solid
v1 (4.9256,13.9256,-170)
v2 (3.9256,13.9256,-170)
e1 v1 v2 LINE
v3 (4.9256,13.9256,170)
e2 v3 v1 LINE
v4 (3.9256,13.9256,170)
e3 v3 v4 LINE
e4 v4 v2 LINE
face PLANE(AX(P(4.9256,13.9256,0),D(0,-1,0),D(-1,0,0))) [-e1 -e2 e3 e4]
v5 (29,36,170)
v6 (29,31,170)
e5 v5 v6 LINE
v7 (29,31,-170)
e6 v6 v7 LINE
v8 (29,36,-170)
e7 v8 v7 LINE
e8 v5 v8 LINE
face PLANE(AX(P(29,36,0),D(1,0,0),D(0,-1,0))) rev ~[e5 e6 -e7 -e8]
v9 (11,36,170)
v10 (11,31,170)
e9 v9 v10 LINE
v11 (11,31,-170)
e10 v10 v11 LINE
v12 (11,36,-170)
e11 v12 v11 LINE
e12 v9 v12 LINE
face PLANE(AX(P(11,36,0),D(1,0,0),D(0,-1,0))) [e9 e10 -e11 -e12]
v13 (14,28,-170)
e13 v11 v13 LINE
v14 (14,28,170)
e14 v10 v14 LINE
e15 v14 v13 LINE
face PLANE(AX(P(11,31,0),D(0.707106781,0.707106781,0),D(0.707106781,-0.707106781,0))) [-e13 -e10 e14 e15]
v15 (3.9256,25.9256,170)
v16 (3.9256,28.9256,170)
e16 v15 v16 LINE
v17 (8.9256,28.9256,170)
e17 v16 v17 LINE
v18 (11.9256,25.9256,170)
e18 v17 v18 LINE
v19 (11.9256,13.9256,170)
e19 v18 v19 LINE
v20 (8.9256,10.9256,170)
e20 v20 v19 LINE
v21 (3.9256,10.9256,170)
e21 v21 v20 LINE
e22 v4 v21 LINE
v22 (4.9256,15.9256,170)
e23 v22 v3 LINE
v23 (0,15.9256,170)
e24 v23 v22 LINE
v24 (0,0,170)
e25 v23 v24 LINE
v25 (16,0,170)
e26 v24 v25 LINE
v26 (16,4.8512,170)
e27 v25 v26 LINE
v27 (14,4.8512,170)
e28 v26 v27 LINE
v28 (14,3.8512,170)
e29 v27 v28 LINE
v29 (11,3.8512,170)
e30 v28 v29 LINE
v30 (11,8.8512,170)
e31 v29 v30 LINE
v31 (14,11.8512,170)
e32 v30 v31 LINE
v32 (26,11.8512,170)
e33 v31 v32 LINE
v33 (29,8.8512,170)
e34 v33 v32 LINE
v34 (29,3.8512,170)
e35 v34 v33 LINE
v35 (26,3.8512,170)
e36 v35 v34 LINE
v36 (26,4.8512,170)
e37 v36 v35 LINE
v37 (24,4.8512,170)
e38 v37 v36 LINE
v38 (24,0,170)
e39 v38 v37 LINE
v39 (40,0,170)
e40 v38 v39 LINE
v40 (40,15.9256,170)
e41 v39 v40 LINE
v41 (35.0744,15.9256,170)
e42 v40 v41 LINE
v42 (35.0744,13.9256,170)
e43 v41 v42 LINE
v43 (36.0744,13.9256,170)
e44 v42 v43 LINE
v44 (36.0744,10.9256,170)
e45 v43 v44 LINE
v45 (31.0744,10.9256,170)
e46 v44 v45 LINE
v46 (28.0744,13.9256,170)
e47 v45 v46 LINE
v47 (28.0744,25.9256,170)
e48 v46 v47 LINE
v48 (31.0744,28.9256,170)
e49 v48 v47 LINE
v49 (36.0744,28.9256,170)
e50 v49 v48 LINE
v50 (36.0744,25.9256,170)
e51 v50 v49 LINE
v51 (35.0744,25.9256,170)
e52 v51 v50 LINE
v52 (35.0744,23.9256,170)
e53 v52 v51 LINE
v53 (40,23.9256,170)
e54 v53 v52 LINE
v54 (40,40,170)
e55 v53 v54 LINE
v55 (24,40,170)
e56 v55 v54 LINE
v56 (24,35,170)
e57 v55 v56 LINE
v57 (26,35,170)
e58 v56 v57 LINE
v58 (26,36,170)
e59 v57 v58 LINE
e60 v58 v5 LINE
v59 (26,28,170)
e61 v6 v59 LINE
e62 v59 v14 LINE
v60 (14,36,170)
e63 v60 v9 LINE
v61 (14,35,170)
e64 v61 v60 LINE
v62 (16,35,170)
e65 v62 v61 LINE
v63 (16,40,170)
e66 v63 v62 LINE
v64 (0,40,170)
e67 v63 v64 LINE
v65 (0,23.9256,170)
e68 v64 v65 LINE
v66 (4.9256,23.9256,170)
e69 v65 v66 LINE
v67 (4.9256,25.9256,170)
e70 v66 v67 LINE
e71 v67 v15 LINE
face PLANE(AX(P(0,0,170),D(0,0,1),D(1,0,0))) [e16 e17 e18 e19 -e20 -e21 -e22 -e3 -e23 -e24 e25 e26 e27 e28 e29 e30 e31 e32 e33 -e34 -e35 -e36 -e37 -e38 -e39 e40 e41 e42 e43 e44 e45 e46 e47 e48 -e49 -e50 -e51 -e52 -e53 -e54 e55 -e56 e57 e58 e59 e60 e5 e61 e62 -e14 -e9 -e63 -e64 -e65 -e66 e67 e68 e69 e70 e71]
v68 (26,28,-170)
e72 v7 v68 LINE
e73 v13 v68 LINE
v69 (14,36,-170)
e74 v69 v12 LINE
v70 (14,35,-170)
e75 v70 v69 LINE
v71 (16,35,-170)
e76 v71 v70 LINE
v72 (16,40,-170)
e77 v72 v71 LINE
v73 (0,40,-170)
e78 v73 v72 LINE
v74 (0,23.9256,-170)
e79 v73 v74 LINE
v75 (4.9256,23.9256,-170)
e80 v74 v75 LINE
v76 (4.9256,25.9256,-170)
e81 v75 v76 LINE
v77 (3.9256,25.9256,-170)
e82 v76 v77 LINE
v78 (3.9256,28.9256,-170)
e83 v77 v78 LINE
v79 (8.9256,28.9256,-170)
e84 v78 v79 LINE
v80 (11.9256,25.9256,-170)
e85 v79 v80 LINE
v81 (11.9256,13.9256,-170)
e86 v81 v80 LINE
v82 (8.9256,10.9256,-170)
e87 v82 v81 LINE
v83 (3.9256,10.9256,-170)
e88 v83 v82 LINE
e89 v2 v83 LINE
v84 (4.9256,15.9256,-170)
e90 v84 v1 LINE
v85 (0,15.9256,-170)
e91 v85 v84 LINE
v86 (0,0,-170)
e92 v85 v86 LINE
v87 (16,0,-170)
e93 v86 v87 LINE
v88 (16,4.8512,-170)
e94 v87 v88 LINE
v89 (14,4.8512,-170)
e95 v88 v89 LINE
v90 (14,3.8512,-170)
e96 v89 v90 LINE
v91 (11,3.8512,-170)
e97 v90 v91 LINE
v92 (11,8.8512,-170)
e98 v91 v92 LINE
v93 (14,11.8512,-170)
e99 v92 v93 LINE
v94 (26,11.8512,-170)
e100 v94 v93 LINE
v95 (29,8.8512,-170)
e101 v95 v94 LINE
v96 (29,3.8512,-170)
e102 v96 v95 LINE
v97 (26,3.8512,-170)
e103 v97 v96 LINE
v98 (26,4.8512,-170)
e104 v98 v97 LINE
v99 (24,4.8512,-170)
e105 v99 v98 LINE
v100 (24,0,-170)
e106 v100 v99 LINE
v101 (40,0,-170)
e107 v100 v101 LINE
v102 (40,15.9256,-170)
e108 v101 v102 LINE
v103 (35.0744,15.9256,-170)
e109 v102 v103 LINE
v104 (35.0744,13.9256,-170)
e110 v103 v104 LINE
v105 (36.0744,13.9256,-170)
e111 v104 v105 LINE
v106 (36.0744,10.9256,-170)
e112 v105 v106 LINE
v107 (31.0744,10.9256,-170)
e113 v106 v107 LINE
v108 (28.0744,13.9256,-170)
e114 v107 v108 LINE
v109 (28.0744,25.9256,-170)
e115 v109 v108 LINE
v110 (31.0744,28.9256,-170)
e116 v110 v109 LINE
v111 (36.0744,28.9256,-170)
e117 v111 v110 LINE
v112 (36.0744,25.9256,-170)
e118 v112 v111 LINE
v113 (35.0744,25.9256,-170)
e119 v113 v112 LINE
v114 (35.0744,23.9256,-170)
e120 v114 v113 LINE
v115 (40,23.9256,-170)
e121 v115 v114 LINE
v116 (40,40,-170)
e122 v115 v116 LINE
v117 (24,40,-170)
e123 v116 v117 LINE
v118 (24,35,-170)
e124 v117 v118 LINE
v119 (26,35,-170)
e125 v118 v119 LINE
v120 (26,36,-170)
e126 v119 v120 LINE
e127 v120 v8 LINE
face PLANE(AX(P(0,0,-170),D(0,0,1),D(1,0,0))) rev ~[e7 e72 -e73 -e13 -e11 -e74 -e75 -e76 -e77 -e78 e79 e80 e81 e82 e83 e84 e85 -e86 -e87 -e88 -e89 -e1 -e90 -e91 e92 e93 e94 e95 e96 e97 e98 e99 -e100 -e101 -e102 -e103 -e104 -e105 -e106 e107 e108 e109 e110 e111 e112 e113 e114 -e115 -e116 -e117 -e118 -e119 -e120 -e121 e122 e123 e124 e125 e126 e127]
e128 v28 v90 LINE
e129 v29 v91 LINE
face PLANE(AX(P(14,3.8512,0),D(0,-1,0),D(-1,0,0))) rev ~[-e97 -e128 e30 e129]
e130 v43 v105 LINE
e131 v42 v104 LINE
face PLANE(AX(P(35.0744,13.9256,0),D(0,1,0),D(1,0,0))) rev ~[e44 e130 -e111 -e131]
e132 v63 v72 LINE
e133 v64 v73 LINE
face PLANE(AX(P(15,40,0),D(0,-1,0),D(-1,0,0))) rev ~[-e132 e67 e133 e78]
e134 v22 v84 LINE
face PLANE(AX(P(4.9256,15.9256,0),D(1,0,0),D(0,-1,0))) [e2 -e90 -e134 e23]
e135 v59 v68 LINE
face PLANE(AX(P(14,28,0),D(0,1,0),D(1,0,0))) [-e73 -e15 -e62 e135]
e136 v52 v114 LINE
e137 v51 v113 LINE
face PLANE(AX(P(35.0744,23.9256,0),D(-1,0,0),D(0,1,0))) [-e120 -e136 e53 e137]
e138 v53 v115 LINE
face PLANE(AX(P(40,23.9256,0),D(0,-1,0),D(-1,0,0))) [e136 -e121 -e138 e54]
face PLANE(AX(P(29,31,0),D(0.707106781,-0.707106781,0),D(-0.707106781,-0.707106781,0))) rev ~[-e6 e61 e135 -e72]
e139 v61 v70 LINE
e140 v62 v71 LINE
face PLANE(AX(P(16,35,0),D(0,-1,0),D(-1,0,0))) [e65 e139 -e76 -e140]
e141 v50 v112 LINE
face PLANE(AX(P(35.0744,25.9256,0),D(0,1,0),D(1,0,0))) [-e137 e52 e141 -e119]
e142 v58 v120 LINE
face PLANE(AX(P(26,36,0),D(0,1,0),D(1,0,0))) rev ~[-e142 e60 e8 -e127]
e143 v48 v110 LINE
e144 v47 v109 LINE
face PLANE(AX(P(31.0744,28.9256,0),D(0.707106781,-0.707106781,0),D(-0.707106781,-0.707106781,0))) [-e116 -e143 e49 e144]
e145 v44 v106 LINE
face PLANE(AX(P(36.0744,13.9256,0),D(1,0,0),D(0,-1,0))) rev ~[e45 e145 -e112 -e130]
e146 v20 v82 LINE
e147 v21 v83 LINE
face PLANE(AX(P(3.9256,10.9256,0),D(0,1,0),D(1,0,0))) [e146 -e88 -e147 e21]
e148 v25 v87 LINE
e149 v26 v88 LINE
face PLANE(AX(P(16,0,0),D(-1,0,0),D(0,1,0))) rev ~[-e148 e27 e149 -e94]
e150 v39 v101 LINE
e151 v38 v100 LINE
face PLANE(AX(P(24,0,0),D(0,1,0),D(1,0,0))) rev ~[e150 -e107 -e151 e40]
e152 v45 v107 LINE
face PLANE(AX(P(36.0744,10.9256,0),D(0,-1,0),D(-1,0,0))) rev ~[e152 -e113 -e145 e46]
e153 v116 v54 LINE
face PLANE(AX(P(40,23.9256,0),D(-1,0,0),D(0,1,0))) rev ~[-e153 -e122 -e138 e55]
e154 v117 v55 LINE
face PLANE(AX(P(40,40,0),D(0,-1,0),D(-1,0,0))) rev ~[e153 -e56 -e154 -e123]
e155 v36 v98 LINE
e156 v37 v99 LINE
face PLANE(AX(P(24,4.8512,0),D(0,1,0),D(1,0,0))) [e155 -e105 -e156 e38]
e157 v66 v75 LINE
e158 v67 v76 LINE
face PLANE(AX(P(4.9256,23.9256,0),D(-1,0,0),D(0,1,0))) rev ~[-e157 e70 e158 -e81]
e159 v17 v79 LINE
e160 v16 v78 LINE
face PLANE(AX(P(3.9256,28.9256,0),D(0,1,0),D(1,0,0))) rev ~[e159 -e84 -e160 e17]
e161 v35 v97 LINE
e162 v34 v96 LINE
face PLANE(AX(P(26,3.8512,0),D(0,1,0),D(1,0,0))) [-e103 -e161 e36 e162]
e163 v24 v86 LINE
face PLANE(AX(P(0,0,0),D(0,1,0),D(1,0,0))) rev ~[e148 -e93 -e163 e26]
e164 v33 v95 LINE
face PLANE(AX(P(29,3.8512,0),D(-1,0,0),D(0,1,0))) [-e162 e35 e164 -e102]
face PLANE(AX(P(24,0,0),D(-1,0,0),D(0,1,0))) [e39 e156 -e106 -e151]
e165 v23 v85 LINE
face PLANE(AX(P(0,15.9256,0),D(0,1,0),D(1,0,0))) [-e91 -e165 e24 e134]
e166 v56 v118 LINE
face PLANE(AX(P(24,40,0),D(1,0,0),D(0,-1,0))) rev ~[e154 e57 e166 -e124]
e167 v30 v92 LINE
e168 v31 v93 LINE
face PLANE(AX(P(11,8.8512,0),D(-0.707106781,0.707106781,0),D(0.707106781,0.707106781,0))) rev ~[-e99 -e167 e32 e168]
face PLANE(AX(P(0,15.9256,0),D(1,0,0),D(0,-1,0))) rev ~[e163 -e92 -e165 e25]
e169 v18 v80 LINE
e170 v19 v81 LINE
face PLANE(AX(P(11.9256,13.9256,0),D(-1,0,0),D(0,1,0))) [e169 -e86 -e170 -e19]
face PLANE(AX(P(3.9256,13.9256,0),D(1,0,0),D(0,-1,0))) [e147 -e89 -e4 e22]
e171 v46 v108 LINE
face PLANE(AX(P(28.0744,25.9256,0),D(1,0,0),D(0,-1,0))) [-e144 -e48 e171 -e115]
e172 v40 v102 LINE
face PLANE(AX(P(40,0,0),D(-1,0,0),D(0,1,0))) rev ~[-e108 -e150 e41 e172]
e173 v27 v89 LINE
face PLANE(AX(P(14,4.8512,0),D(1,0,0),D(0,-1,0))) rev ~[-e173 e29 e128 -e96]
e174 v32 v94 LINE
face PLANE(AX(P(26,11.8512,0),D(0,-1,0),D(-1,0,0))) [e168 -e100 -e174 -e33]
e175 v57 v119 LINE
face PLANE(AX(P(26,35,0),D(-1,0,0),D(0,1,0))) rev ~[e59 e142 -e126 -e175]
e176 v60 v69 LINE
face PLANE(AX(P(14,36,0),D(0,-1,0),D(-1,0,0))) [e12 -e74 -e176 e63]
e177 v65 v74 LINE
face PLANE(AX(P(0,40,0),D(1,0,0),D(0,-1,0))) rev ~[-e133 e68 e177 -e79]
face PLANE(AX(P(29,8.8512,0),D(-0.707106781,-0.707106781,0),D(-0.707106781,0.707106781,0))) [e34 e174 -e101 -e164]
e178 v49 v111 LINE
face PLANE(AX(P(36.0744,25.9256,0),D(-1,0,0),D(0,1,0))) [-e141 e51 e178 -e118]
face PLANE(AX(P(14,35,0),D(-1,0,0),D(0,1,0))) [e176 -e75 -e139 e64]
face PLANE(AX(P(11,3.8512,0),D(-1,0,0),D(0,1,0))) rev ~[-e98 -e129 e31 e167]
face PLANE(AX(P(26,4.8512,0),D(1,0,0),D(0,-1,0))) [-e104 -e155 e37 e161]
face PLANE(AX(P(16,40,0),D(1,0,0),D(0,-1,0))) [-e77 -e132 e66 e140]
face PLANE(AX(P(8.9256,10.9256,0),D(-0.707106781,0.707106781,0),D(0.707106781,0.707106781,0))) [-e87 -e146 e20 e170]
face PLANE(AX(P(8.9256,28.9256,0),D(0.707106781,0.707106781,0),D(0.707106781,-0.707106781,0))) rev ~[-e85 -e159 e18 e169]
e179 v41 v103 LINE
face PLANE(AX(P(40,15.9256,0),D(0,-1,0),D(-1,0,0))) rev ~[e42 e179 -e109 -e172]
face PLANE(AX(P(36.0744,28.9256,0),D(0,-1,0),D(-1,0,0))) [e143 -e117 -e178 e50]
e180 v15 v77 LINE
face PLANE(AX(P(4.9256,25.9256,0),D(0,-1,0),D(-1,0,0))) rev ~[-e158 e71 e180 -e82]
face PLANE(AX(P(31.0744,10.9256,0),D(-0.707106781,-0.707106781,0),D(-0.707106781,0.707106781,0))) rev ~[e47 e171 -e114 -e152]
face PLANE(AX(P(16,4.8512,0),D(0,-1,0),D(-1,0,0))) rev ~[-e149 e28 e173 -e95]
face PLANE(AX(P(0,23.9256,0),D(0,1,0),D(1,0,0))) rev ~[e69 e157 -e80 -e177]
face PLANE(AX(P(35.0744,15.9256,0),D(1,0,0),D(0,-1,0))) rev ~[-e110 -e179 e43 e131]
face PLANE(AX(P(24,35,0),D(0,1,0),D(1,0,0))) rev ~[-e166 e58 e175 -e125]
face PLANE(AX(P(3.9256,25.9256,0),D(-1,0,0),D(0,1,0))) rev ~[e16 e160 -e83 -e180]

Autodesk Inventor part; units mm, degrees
ref_plane "YZ Plane" through (0, 0, 0) normal (1, 0, 0) x (0, 1, 0)
ref_plane "XZ Plane" through (0, 0, 0) normal (0, 1, 0) x (-1, 0, 0)
ref_plane "XY Plane" through (0, 0, 0) normal (0, 0, 1) x (1, 0, 0)
sketch "스케치1" plane through (0, 0, 0) normal (0, 0, 1) x (1, 0, 0)
  line L0 (40, 40) -> (25, 40)
  line L1 (15, 40) -> (0, 40)
  line L2 (16, 40) -> (16, 35)
  line L3 (16, 35) -> (14, 35)
  line L4 (14, 35) -> (14, 36)
  line L5 (14, 36) -> (11, 36)
  line L6 (11, 36) -> (11, 31)
  line L7 (11, 31) -> (14, 28)
  line L8 (11, 31) -> (20.81, 31) construction
  line L9 (14, 28) -> (20, 28)
  line L10 (24, 40) -> (24, 35)
  line L11 (24, 35) -> (26, 35)
  line L12 (26, 35) -> (26, 36)
  line L13 (26, 36) -> (29, 36)
  line L14 (29, 36) -> (29, 31)
  line L15 (29, 31) -> (26, 28)
  line L16 (29, 31) -> (19.19, 31) construction
  line L17 (26, 28) -> (20, 28)
  line L18 (-0.0744, 15.9256) -> (4.9256, 15.9256)
  line L19 (-0.0744, 23.9256) -> (4.9256, 23.9256)
  line L20 (4.9256, 23.9256) -> (4.9256, 25.9256)
  line L21 (11.9256, 25.9256) -> (11.9256, 19.9256)
  line L22 (8.9256, 28.9256) -> (8.9256, 19.1155) construction
  line L23 (8.9256, 28.9256) -> (11.9256, 25.9256)
  line L24 (3.9256, 28.9256) -> (8.9256, 28.9256)
  line L25 (3.9256, 25.9256) -> (3.9256, 28.9256)
  line L26 (4.9256, 25.9256) -> (3.9256, 25.9256)
  line L27 (4.9256, 15.9256) -> (4.9256, 13.9256)
  line L28 (11.9256, 13.9256) -> (11.9256, 19.9256)
  line L29 (4.9256, 13.9256) -> (3.9256, 13.9256)
  line L30 (8.9256, 10.9256) -> (11.9256, 13.9256)
  line L31 (8.9256, 10.9256) -> (8.9256, 20.7356) construction
  line L32 (3.9256, 13.9256) -> (3.9256, 10.9256)
  line L33 (3.9256, 10.9256) -> (8.9256, 10.9256)
  line L34 (24, -0.1488) -> (24, 4.8512)
  line L35 (16, -0.1488) -> (16, 4.8512)
  line L36 (16, 4.8512) -> (14, 4.8512)
  line L37 (14, 11.8512) -> (20, 11.8512)
  line L38 (11, 8.8512) -> (20.81, 8.8512) construction
  line L39 (11, 8.8512) -> (14, 11.8512)
  line L40 (11, 3.8512) -> (11, 8.8512)
  line L41 (14, 3.8512) -> (11, 3.8512)
  line L42 (14, 4.8512) -> (14, 3.8512)
  line L43 (24, 4.8512) -> (26, 4.8512)
  line L44 (26, 11.8512) -> (20, 11.8512)
  line L45 (26, 4.8512) -> (26, 3.8512)
  line L46 (29, 8.8512) -> (26, 11.8512)
  line L47 (29, 8.8512) -> (19.19, 8.8512) construction
  line L48 (26, 3.8512) -> (29, 3.8512)
  line L49 (29, 3.8512) -> (29, 8.8512)
  line L50 (40.0744, 23.9256) -> (35.0744, 23.9256)
  line L51 (40.0744, 15.9256) -> (35.0744, 15.9256)
  line L52 (35.0744, 15.9256) -> (35.0744, 13.9256)
  line L53 (28.0744, 13.9256) -> (28.0744, 19.9256)
  line L54 (31.0744, 10.9256) -> (31.0744, 20.7356) construction
  line L55 (31.0744, 10.9256) -> (28.0744, 13.9256)
  line L56 (36.0744, 10.9256) -> (31.0744, 10.9256)
  line L57 (36.0744, 13.9256) -> (36.0744, 10.9256)
  line L58 (35.0744, 13.9256) -> (36.0744, 13.9256)
  line L59 (35.0744, 23.9256) -> (35.0744, 25.9256)
  line L60 (28.0744, 25.9256) -> (28.0744, 19.9256)
  line L61 (35.0744, 25.9256) -> (36.0744, 25.9256)
  line L62 (31.0744, 28.9256) -> (28.0744, 25.9256)
  line L63 (31.0744, 28.9256) -> (31.0744, 19.1155) construction
  line L64 (36.0744, 25.9256) -> (36.0744, 28.9256)
  line L65 (36.0744, 28.9256) -> (31.0744, 28.9256)
  line L66 (11, 20) -> (11.9256, 20)
  line L67 (28.0744, 20) -> (29, 20)
  line L68 (20, 3.8512) -> (20, 4.8512)
  line L69 (20, 35) -> (20, 36)
  line L70 (15, 40) -> (16, 40)
  line L71 (24, 40) -> (25, 40)
  line L72 (0, 40) -> (0, 23.9256)
  line L73 (0, 15.9256) -> (0, 0)
  line L74 (40, 0) -> (40, 15.9256)
  line L75 (40, 23.9256) -> (40, 40)
  line L76 (0, 0) -> (16, 0)
  line L77 (24, 0) -> (40, 0)
  point P0 (25, 38)
  point P1 (20, 19.9256)
  point P2 (15, 35)
  point P3 (25, 35)
  point P4 (4.9256, 24.9256)
  point P5 (4.9256, 14.9256)
  point P6 (15, 4.8512)
  point P7 (25, 4.8512)
  point P8 (35.0744, 14.9256)
  point P9 (35.0744, 24.9256)
  dimension "d0" = 40
  dimension "d1" = 40
  dimension "d14" = 2
  dimension "d15" = 5
  dimension "d16" = 1
  dimension "d17" = 3
  dimension "d18" = 5
  dimension "d19" = 45
  dimension "d21" = 7
  dimension "d24" = 360
extrude "돌출1" add sketch "스케치1" along normal mid plane 340
properties part number "34" material "철, 회색"
